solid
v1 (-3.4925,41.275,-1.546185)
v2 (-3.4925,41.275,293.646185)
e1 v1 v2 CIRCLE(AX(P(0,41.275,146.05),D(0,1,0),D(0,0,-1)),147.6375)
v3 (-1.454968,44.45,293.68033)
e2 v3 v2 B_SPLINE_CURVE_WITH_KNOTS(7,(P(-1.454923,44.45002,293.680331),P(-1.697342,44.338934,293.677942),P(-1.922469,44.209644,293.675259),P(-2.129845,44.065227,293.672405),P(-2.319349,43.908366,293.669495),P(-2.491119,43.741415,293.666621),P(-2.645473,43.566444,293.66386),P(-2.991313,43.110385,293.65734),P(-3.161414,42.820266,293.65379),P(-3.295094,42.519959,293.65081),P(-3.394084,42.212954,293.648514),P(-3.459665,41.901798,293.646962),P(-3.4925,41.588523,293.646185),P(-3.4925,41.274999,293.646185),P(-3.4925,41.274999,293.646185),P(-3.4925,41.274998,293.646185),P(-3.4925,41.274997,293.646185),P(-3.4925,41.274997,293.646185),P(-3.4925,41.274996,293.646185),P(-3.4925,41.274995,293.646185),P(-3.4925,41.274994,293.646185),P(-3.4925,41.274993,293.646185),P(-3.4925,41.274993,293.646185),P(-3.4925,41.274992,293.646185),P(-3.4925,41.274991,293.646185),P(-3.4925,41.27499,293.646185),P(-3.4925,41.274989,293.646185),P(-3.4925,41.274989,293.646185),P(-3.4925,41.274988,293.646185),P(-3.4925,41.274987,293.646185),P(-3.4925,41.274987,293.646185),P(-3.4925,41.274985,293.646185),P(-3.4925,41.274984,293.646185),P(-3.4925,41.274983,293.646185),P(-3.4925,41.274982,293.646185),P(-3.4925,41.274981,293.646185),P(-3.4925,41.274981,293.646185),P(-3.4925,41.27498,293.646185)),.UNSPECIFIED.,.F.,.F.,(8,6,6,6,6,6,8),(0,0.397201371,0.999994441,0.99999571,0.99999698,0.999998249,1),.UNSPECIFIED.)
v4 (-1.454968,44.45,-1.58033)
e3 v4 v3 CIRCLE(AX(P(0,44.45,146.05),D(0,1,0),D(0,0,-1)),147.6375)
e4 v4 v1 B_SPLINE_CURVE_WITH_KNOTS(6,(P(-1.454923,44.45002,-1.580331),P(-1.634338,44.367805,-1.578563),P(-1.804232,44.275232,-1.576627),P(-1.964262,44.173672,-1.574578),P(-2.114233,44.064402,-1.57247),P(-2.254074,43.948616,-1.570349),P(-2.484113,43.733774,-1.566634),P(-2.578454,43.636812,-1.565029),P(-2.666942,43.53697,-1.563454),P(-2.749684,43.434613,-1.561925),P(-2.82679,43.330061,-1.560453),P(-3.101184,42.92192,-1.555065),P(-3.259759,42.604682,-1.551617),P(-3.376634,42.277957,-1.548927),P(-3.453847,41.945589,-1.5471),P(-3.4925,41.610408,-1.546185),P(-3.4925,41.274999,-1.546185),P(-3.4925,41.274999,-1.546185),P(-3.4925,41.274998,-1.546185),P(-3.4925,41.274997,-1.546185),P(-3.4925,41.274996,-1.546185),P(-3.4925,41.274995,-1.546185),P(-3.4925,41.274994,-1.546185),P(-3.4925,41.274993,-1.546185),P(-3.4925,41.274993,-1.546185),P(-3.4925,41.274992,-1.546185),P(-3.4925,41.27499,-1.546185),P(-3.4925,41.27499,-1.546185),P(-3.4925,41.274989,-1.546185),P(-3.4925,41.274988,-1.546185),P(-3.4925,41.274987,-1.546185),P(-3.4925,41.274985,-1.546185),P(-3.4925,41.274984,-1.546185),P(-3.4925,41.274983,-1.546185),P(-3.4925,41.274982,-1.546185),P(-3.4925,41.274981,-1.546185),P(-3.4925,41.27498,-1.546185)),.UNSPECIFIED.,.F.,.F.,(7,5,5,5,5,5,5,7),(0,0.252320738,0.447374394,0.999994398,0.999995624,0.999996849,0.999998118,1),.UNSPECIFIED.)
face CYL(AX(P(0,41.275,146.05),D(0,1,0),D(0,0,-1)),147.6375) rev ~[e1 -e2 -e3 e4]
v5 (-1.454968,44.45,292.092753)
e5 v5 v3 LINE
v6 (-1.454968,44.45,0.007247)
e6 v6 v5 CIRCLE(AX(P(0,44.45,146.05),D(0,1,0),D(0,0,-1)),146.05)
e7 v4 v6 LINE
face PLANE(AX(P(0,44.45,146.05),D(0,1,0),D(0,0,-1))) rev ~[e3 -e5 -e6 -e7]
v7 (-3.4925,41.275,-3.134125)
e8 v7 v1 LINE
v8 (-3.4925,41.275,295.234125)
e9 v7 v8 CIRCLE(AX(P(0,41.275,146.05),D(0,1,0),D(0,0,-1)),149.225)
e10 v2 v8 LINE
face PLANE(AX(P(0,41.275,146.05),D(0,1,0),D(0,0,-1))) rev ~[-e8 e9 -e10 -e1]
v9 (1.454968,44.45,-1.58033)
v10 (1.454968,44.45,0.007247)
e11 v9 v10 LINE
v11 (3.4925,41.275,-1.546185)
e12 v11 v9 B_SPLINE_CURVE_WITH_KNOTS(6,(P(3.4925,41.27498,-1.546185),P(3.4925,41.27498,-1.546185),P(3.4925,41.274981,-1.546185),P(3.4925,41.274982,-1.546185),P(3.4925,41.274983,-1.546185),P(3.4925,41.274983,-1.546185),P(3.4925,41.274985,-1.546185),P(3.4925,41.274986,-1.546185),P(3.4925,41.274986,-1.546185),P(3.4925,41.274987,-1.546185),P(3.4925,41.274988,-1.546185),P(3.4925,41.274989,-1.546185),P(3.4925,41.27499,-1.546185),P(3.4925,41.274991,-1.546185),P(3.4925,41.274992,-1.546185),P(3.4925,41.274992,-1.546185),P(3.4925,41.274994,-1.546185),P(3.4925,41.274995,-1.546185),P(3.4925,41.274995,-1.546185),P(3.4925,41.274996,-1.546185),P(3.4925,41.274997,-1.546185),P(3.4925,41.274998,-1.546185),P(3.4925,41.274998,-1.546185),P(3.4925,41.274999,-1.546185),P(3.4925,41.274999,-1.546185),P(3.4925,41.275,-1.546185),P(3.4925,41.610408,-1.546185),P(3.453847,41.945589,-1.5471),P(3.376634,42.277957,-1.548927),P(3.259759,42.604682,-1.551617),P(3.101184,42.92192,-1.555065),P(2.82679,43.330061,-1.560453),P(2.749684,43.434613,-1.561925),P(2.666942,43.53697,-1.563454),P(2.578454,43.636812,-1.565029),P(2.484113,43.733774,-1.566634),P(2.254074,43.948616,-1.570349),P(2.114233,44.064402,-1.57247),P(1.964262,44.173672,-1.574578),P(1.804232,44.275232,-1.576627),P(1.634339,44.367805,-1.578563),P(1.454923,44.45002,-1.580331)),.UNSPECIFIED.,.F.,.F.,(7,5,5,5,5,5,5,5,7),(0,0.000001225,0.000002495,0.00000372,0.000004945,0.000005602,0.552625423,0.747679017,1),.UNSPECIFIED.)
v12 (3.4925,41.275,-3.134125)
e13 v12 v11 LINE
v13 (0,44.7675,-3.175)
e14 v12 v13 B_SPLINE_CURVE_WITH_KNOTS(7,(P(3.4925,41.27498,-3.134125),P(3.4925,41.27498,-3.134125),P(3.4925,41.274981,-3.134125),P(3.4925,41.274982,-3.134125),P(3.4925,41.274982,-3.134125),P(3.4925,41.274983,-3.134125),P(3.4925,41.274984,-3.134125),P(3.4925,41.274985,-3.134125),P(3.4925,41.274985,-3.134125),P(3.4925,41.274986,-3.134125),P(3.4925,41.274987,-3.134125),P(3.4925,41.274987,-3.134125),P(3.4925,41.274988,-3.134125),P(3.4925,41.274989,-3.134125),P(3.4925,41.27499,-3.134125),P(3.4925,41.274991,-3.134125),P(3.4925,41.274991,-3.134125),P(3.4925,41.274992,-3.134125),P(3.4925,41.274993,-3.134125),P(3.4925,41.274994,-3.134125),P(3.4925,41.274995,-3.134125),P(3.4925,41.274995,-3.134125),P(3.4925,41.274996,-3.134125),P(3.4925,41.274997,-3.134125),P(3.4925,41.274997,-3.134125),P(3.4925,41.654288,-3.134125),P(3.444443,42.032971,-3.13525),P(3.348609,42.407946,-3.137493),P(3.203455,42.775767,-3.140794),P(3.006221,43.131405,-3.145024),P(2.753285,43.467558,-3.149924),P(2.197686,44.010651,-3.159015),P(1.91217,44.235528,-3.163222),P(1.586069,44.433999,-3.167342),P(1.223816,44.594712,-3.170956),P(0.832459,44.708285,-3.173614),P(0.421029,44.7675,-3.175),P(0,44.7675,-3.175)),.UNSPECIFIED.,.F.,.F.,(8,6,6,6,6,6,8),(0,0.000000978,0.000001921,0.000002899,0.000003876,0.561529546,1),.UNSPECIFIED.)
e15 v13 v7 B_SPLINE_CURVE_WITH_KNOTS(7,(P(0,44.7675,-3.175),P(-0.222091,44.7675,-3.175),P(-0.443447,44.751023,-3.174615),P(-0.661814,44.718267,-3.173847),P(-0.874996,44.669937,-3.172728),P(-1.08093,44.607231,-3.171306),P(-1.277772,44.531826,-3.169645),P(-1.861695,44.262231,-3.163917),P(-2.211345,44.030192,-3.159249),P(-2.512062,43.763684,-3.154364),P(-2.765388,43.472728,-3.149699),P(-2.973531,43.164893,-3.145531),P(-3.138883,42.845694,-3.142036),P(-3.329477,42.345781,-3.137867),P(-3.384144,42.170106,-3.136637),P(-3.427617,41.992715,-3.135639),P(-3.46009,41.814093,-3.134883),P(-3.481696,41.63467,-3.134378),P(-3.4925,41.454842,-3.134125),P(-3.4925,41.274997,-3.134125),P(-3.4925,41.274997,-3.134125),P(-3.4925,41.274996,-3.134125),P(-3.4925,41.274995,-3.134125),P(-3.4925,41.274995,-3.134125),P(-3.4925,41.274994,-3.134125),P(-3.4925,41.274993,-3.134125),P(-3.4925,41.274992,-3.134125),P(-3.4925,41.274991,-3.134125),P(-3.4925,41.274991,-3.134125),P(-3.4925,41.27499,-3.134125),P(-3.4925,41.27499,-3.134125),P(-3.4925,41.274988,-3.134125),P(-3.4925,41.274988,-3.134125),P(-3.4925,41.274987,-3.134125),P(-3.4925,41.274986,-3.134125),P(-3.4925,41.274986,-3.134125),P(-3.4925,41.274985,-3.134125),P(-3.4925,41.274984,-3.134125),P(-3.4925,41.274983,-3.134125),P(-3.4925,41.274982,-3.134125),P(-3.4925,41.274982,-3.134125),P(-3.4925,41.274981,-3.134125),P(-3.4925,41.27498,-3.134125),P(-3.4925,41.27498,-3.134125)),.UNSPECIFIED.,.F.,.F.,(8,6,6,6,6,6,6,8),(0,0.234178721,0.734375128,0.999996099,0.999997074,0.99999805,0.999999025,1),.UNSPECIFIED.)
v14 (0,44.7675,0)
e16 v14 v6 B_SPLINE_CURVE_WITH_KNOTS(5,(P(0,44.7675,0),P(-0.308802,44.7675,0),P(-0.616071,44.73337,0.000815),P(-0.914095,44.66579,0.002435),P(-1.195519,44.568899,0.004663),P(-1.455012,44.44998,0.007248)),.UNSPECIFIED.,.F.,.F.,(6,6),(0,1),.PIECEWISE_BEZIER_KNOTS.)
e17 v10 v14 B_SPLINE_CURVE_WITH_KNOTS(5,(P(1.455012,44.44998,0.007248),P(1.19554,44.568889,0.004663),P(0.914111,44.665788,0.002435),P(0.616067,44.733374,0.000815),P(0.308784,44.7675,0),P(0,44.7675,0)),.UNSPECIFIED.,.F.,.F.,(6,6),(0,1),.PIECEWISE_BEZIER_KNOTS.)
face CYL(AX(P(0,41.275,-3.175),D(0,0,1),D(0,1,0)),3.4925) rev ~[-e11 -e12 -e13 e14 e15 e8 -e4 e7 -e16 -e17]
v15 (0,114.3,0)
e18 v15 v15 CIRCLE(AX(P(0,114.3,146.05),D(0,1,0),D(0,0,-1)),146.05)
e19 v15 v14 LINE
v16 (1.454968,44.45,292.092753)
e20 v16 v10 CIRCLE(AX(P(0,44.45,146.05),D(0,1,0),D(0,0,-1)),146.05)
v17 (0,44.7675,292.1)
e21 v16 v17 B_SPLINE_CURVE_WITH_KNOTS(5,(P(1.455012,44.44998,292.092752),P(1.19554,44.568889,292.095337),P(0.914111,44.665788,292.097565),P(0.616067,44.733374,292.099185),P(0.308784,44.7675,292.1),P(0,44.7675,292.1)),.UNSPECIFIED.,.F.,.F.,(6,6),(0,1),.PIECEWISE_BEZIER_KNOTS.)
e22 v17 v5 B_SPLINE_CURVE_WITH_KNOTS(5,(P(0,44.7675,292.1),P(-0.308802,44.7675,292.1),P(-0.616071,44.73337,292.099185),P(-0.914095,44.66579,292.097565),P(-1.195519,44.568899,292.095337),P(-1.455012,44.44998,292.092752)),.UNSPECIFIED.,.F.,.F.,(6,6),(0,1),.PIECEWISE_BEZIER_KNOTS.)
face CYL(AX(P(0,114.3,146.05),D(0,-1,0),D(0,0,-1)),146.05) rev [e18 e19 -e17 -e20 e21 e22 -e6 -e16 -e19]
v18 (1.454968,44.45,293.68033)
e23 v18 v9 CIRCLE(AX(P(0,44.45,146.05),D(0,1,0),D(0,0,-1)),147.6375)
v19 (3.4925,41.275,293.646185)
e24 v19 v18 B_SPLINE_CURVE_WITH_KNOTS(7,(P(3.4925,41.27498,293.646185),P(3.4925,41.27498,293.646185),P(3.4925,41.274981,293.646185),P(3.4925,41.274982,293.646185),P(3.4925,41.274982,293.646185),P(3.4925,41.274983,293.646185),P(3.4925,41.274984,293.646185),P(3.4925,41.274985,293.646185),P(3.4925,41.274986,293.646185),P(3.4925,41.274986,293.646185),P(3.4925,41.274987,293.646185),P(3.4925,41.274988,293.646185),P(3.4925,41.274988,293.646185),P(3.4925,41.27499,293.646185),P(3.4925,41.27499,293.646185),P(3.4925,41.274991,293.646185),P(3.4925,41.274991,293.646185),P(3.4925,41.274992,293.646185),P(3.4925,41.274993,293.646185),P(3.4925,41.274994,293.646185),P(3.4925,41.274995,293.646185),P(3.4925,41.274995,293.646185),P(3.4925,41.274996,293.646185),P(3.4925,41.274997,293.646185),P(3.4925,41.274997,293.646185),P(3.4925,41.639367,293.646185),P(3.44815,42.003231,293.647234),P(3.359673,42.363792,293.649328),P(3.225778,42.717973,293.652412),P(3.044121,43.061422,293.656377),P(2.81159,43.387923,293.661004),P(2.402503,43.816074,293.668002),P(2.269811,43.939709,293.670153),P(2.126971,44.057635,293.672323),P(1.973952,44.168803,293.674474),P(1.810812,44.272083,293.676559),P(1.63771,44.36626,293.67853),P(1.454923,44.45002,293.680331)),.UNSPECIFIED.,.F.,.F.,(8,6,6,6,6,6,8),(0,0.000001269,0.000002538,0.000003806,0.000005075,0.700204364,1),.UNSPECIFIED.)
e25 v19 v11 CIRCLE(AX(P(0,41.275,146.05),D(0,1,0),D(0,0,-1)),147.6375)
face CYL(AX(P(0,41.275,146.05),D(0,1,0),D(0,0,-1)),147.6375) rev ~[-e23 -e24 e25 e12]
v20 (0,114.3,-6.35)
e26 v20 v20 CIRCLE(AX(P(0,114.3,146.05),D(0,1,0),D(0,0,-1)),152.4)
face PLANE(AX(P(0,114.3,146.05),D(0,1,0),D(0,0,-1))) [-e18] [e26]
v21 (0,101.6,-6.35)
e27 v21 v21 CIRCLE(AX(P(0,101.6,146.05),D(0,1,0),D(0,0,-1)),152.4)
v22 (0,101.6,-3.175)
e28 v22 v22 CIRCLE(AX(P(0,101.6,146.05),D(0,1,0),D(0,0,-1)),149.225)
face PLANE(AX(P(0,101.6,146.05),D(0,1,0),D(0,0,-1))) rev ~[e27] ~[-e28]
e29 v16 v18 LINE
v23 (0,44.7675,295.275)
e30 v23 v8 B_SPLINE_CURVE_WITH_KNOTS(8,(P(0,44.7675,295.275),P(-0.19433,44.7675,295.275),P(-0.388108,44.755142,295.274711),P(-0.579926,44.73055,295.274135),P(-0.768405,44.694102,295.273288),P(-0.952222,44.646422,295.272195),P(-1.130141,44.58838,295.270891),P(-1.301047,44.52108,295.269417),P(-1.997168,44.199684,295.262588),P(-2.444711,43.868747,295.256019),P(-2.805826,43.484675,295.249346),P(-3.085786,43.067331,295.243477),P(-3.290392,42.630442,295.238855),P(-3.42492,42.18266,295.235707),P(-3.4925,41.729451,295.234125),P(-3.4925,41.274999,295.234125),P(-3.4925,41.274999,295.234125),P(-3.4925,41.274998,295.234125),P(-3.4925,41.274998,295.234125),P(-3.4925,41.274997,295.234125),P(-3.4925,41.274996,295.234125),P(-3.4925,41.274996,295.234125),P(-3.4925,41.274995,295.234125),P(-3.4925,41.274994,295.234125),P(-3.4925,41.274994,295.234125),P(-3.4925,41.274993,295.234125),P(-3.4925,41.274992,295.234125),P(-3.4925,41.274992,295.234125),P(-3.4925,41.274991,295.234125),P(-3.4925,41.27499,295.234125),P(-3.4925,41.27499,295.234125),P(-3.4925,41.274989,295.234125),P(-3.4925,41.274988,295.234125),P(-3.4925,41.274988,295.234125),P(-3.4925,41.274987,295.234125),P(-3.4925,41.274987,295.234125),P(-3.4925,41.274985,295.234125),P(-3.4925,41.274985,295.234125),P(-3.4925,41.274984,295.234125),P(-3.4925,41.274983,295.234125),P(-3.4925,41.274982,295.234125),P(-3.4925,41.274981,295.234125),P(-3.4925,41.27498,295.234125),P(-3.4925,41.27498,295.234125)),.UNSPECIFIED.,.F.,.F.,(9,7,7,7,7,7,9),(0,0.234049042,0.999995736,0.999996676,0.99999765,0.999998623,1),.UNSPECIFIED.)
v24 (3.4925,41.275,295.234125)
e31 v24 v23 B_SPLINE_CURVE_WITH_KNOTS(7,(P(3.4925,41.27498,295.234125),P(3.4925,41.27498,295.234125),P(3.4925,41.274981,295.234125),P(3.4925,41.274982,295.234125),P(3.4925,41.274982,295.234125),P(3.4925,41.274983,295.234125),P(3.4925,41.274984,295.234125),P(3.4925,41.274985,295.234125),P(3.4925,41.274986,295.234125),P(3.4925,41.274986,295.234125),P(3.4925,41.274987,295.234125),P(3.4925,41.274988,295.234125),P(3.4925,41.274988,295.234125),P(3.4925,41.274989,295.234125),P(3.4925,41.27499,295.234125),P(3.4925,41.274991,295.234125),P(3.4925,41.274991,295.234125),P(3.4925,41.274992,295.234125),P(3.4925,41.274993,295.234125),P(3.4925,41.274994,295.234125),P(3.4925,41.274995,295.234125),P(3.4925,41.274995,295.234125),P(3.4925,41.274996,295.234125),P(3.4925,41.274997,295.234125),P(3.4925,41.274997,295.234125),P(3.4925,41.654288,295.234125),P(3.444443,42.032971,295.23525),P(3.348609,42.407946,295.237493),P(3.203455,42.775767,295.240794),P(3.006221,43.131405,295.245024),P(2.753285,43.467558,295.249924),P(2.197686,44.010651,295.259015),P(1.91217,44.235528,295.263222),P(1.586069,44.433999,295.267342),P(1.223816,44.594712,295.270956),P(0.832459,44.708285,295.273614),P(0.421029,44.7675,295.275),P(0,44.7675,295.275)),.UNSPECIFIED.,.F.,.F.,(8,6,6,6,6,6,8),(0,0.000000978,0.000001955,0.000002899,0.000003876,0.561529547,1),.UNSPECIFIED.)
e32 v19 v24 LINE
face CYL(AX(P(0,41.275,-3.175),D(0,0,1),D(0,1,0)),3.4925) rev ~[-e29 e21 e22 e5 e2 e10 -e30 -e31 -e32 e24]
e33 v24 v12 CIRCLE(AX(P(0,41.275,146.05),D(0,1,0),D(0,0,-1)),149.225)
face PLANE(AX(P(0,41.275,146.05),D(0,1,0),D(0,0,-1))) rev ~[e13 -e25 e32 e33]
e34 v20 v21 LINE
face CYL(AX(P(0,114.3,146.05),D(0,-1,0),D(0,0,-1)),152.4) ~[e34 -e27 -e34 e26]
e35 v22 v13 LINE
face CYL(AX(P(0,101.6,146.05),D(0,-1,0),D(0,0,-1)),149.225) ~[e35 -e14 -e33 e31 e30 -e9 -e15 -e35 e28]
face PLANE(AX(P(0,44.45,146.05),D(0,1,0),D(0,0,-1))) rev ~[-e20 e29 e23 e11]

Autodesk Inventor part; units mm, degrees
ref_plane "YZ Plane" through (0, 0, 0) normal (1, 0, 0) x (0, 1, 0)
ref_plane "XZ Plane" through (0, 0, 0) normal (0, 1, 0) x (-1, 0, 0)
ref_plane "XY Plane" through (0, 0, 0) normal (0, 0, 1) x (1, 0, 0)
sketch "Sketch1" plane through (0, 0, 0) normal (1, 0, 0) x (0, 1, 0)
  line L0 (0, 0) -> (0, -31.75)
  line L1 (0, -31.75) -> (3.175, -31.75)
  line L2 (3.175, -31.75) -> (3.175, -3.175)
  line L3 (114.3, -3.175) -> (114.3, 0)
  line L4 (114.3, 0) -> (0, 0)
  line L5 (72.0056, 146.05) -> (114.3, 146.05)
  line L6 (114.3, -3.175) -> (114.3, -6.35)
  line L7 (114.3, -6.35) -> (101.6, -6.35)
  line L8 (101.6, -6.35) -> (101.6, -3.175)
  line L9 (101.6, -3.175) -> (3.175, -3.175)
  line L10 (41.275, -3.175) -> (41.275, -1.5875)
  line L11 (41.275, -1.5875) -> (44.45, -1.5875)
  line L12 (44.45, -1.5875) -> (44.45, 0)
  dimension "d0" = 31.75
  dimension "d1" = 3.175
  dimension "d2" = 28.575
  dimension "d3" = 111.125
  dimension "d4" = 3.175
  dimension "d5" = 146.05
  dimension "d6" = 3.175
  dimension "d7" = 12.7
  dimension "d8" = 41.275
  dimension "d9" = 3.175
revolve "Revolution1" add sketch "Sketch1" angle 360 about axis through (0, 72.0056, 146.05) along (0, 1, 0) contours L4 L3 L6 L7 L8 L9 L10 L11 L12
ref_plane "Work Plane1" through (0, 41.275, -3.175) normal (0, 0, -1) x (-1, 0, 0)
sketch "Sketch2" plane through (0, 41.275, -3.175) normal (0, 0, -1) x (-1, 0, 0)
  line L0 (-147.6375, 0) -> (147.6375, 0) projected
  point P0 (0, -41.275)
  point P1 (0, 0)
hole "Hole1" at (0, 41.275, -3.175) direction (0, 0, 1) diameter 6.985 end through all
properties part number "Top_Bevel_Base_Top"
